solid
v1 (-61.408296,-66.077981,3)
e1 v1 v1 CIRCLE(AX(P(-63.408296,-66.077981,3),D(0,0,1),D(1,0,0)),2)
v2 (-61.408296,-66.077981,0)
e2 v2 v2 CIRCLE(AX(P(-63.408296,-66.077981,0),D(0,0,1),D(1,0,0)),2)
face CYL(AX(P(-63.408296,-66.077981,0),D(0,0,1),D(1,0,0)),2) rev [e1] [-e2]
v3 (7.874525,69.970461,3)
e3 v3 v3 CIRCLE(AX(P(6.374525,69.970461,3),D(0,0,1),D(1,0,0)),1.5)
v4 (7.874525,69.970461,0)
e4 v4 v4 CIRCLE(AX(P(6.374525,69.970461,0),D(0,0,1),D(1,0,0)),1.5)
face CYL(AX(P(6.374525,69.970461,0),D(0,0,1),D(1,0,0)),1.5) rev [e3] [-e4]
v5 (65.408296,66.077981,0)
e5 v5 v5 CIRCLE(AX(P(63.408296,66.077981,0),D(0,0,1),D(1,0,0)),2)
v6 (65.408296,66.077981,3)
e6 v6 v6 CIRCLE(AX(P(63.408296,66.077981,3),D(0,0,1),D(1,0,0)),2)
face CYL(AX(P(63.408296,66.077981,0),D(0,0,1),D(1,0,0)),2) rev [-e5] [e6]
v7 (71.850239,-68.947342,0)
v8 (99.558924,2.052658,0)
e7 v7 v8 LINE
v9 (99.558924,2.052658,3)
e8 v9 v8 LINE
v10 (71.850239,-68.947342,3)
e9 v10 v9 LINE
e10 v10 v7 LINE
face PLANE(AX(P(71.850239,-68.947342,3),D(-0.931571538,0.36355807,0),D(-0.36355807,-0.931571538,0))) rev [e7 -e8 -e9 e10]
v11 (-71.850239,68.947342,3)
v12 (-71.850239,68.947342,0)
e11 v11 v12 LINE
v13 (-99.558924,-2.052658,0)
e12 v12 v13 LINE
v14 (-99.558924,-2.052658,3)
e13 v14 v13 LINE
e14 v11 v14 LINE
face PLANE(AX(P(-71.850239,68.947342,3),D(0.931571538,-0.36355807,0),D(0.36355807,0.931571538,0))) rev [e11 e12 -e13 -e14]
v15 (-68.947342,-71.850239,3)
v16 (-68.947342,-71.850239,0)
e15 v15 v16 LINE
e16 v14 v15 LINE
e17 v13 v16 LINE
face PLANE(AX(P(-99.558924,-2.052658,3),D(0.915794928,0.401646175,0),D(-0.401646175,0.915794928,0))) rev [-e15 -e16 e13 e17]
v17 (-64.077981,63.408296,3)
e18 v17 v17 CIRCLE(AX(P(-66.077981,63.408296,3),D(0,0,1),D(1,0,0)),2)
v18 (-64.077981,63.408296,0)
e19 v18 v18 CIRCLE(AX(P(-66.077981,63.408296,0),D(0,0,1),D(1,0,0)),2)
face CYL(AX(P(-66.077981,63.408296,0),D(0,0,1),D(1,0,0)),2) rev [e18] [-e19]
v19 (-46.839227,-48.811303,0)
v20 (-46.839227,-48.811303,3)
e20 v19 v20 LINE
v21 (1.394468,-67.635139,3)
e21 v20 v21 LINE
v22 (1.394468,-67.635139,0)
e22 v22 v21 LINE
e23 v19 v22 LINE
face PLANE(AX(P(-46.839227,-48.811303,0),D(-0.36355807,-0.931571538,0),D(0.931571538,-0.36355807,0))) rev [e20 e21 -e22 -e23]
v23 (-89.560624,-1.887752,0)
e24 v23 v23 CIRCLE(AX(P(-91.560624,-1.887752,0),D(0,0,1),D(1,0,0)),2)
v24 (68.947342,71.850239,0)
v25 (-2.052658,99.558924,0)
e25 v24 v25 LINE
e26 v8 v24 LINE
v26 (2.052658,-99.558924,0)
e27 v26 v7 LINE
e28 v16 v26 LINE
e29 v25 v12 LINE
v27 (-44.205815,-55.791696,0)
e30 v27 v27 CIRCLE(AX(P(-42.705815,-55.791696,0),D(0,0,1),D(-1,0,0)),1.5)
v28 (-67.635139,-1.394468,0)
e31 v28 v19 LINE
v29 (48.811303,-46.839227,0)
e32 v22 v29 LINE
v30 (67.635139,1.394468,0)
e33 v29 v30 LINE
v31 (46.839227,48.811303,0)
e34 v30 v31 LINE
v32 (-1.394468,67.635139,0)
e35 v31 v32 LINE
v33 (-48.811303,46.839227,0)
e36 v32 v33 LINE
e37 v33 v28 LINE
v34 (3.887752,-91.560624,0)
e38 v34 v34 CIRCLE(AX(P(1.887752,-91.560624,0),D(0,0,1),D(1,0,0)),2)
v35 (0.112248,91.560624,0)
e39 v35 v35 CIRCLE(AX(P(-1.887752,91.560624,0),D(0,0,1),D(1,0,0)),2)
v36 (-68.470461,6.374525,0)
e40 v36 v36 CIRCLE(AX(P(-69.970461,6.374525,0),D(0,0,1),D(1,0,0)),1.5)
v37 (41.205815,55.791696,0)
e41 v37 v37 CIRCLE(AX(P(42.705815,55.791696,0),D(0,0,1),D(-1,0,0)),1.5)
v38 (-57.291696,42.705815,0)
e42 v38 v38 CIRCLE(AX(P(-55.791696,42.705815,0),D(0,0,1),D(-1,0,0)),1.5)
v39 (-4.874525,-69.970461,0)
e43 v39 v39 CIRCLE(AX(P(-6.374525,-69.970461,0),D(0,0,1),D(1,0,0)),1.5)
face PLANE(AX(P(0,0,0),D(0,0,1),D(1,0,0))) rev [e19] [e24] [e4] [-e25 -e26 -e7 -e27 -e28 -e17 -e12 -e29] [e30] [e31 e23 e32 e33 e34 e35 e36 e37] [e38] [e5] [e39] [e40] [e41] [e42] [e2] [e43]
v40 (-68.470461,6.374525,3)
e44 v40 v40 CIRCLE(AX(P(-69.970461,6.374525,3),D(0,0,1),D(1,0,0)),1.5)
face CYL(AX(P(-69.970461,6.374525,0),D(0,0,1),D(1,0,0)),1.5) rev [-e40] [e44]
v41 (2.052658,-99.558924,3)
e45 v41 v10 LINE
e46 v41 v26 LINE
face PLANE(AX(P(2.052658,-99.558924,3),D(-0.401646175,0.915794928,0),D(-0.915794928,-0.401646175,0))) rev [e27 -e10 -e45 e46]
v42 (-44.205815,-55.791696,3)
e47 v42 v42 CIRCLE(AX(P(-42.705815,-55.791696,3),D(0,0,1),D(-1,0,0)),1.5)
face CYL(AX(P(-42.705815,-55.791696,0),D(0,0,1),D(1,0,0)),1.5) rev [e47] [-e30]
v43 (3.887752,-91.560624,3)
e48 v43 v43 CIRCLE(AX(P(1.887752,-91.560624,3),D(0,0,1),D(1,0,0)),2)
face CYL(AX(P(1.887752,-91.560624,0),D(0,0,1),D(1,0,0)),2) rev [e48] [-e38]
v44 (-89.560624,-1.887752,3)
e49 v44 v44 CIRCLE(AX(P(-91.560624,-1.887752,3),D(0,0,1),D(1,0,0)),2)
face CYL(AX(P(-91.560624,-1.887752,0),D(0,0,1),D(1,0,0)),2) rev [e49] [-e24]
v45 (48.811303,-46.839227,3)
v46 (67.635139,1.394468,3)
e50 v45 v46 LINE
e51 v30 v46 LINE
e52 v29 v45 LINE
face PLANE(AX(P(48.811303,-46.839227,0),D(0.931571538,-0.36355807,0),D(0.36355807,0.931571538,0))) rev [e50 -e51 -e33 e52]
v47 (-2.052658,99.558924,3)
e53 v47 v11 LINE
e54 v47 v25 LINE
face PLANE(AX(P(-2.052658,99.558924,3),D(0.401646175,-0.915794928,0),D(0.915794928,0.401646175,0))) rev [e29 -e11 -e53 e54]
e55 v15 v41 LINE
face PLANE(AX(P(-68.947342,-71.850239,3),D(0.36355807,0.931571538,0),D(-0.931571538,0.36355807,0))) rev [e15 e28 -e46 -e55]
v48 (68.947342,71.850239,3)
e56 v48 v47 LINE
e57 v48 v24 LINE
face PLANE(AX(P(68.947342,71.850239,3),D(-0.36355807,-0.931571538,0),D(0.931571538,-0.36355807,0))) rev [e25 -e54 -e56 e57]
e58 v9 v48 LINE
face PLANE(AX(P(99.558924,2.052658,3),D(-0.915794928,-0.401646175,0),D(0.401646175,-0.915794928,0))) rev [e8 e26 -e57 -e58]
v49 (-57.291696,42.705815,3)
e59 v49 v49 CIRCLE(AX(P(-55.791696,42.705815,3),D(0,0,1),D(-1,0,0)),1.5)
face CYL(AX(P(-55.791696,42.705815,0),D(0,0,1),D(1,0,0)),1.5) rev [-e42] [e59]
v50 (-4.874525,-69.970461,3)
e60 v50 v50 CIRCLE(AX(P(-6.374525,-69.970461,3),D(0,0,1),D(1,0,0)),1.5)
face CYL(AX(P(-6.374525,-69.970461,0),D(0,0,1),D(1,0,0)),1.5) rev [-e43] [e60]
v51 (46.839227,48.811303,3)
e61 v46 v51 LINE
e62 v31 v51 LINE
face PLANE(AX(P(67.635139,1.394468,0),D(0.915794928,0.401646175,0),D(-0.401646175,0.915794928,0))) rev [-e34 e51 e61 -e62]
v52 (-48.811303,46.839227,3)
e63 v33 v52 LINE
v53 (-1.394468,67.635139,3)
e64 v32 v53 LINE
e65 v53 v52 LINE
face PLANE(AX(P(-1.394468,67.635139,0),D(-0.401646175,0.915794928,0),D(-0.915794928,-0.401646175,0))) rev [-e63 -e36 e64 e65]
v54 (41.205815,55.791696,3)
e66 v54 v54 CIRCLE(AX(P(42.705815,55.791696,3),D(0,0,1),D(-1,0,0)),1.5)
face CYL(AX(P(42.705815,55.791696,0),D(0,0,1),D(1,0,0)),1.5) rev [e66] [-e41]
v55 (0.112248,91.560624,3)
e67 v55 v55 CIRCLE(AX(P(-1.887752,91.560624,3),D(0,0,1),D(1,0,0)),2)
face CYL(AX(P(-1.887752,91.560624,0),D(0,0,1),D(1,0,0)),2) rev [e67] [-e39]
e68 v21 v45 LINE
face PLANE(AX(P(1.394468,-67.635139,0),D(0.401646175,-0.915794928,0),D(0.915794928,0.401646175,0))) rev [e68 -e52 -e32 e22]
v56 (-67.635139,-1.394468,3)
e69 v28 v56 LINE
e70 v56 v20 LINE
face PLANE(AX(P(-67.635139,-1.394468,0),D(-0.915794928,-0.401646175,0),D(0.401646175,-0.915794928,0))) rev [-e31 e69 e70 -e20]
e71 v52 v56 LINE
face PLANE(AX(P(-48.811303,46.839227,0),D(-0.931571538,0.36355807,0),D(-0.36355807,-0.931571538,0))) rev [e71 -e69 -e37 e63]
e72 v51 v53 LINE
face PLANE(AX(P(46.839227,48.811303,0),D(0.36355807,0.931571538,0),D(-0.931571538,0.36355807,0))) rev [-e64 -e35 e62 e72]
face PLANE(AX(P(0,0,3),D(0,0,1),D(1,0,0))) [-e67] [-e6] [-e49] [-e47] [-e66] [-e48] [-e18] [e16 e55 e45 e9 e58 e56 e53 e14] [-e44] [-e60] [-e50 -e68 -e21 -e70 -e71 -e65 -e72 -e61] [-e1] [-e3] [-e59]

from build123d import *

# Parameters (mm, degrees)
SALIENTE_EXTRUIR1_DEPTH = 3
CROQUIS2_R              = 1.5
CORTAR_EXTRUIR1_DEPTH   = 141.829538188
CROQUIS3_R              = 2
CORTAR_EXTRUIR2_DEPTH   = 141.829538188


with BuildPart() as part:
    # Croquis1 → Saliente-Extruir1 (new body)
    with BuildSketch(Plane.XY):
        Polygon((-99.558924327, -2.052657564), (-68.947342436, -71.850238602), (2.052657564, -99.558924327), (71.850238602, -68.947342436), (99.558924327, 2.052657564), (68.947342436, 71.850238602), (-2.052657564, 99.558924327), (-71.850238602, 68.947342436), align=None)
    extrude(amount=SALIENTE_EXTRUIR1_DEPTH)

    # Croquis2 → Cortar-Extruir1 (cut, through all)
    with BuildSketch(Plane.XY.offset(3)):
        with Locations((6.374524738, 69.970461156)):
            Circle(CROQUIS2_R)
        with Locations(Location((42.705814706, 55.791696428, 0), (0, 0, 180))):
            Circle(CROQUIS2_R)
        with Locations((-6.374524738, -69.970461156)):
            Circle(CROQUIS2_R)
        with Locations(Location((-42.705814706, -55.791696428, 0), (0, 0, 180))):
            Circle(CROQUIS2_R)
        with Locations((-69.970461156, 6.374524738)):
            Circle(CROQUIS2_R)
        with Locations(Location((-55.791696428, 42.705814706, 0), (0, 0, 180))):
            Circle(CROQUIS2_R)
        Polygon((-67.635138809, -1.394468454), (-46.839227198, -48.811303398), (1.394468454, -67.635138809), (48.811303398, -46.839227198), (67.635138809, 1.394468454), (46.839227198, 48.811303398), (-1.394468454, 67.635138809), (-48.811303398, 46.839227198), align=None)
    extrude(amount=-CORTAR_EXTRUIR1_DEPTH, mode=Mode.SUBTRACT)

    # Croquis3 → Cortar-Extruir2 (cut, through all)
    with BuildSketch(Plane.XY.offset(3)):
        with Locations((-1.887752493, 91.560624112)):
            Circle(CROQUIS3_R)
        with Locations((63.40829561, 66.077980789)):
            Circle(CROQUIS3_R)
        with Locations((1.887752493, -91.560624112)):
            Circle(CROQUIS3_R)
        with Locations((-63.40829561, -66.077980789)):
            Circle(CROQUIS3_R)
        with Locations((-91.560624112, -1.887752493)):
            Circle(CROQUIS3_R)
        with Locations((-66.077980789, 63.40829561)):
            Circle(CROQUIS3_R)
    extrude(amount=-CORTAR_EXTRUIR2_DEPTH, mode=Mode.SUBTRACT)


solid = part.part
